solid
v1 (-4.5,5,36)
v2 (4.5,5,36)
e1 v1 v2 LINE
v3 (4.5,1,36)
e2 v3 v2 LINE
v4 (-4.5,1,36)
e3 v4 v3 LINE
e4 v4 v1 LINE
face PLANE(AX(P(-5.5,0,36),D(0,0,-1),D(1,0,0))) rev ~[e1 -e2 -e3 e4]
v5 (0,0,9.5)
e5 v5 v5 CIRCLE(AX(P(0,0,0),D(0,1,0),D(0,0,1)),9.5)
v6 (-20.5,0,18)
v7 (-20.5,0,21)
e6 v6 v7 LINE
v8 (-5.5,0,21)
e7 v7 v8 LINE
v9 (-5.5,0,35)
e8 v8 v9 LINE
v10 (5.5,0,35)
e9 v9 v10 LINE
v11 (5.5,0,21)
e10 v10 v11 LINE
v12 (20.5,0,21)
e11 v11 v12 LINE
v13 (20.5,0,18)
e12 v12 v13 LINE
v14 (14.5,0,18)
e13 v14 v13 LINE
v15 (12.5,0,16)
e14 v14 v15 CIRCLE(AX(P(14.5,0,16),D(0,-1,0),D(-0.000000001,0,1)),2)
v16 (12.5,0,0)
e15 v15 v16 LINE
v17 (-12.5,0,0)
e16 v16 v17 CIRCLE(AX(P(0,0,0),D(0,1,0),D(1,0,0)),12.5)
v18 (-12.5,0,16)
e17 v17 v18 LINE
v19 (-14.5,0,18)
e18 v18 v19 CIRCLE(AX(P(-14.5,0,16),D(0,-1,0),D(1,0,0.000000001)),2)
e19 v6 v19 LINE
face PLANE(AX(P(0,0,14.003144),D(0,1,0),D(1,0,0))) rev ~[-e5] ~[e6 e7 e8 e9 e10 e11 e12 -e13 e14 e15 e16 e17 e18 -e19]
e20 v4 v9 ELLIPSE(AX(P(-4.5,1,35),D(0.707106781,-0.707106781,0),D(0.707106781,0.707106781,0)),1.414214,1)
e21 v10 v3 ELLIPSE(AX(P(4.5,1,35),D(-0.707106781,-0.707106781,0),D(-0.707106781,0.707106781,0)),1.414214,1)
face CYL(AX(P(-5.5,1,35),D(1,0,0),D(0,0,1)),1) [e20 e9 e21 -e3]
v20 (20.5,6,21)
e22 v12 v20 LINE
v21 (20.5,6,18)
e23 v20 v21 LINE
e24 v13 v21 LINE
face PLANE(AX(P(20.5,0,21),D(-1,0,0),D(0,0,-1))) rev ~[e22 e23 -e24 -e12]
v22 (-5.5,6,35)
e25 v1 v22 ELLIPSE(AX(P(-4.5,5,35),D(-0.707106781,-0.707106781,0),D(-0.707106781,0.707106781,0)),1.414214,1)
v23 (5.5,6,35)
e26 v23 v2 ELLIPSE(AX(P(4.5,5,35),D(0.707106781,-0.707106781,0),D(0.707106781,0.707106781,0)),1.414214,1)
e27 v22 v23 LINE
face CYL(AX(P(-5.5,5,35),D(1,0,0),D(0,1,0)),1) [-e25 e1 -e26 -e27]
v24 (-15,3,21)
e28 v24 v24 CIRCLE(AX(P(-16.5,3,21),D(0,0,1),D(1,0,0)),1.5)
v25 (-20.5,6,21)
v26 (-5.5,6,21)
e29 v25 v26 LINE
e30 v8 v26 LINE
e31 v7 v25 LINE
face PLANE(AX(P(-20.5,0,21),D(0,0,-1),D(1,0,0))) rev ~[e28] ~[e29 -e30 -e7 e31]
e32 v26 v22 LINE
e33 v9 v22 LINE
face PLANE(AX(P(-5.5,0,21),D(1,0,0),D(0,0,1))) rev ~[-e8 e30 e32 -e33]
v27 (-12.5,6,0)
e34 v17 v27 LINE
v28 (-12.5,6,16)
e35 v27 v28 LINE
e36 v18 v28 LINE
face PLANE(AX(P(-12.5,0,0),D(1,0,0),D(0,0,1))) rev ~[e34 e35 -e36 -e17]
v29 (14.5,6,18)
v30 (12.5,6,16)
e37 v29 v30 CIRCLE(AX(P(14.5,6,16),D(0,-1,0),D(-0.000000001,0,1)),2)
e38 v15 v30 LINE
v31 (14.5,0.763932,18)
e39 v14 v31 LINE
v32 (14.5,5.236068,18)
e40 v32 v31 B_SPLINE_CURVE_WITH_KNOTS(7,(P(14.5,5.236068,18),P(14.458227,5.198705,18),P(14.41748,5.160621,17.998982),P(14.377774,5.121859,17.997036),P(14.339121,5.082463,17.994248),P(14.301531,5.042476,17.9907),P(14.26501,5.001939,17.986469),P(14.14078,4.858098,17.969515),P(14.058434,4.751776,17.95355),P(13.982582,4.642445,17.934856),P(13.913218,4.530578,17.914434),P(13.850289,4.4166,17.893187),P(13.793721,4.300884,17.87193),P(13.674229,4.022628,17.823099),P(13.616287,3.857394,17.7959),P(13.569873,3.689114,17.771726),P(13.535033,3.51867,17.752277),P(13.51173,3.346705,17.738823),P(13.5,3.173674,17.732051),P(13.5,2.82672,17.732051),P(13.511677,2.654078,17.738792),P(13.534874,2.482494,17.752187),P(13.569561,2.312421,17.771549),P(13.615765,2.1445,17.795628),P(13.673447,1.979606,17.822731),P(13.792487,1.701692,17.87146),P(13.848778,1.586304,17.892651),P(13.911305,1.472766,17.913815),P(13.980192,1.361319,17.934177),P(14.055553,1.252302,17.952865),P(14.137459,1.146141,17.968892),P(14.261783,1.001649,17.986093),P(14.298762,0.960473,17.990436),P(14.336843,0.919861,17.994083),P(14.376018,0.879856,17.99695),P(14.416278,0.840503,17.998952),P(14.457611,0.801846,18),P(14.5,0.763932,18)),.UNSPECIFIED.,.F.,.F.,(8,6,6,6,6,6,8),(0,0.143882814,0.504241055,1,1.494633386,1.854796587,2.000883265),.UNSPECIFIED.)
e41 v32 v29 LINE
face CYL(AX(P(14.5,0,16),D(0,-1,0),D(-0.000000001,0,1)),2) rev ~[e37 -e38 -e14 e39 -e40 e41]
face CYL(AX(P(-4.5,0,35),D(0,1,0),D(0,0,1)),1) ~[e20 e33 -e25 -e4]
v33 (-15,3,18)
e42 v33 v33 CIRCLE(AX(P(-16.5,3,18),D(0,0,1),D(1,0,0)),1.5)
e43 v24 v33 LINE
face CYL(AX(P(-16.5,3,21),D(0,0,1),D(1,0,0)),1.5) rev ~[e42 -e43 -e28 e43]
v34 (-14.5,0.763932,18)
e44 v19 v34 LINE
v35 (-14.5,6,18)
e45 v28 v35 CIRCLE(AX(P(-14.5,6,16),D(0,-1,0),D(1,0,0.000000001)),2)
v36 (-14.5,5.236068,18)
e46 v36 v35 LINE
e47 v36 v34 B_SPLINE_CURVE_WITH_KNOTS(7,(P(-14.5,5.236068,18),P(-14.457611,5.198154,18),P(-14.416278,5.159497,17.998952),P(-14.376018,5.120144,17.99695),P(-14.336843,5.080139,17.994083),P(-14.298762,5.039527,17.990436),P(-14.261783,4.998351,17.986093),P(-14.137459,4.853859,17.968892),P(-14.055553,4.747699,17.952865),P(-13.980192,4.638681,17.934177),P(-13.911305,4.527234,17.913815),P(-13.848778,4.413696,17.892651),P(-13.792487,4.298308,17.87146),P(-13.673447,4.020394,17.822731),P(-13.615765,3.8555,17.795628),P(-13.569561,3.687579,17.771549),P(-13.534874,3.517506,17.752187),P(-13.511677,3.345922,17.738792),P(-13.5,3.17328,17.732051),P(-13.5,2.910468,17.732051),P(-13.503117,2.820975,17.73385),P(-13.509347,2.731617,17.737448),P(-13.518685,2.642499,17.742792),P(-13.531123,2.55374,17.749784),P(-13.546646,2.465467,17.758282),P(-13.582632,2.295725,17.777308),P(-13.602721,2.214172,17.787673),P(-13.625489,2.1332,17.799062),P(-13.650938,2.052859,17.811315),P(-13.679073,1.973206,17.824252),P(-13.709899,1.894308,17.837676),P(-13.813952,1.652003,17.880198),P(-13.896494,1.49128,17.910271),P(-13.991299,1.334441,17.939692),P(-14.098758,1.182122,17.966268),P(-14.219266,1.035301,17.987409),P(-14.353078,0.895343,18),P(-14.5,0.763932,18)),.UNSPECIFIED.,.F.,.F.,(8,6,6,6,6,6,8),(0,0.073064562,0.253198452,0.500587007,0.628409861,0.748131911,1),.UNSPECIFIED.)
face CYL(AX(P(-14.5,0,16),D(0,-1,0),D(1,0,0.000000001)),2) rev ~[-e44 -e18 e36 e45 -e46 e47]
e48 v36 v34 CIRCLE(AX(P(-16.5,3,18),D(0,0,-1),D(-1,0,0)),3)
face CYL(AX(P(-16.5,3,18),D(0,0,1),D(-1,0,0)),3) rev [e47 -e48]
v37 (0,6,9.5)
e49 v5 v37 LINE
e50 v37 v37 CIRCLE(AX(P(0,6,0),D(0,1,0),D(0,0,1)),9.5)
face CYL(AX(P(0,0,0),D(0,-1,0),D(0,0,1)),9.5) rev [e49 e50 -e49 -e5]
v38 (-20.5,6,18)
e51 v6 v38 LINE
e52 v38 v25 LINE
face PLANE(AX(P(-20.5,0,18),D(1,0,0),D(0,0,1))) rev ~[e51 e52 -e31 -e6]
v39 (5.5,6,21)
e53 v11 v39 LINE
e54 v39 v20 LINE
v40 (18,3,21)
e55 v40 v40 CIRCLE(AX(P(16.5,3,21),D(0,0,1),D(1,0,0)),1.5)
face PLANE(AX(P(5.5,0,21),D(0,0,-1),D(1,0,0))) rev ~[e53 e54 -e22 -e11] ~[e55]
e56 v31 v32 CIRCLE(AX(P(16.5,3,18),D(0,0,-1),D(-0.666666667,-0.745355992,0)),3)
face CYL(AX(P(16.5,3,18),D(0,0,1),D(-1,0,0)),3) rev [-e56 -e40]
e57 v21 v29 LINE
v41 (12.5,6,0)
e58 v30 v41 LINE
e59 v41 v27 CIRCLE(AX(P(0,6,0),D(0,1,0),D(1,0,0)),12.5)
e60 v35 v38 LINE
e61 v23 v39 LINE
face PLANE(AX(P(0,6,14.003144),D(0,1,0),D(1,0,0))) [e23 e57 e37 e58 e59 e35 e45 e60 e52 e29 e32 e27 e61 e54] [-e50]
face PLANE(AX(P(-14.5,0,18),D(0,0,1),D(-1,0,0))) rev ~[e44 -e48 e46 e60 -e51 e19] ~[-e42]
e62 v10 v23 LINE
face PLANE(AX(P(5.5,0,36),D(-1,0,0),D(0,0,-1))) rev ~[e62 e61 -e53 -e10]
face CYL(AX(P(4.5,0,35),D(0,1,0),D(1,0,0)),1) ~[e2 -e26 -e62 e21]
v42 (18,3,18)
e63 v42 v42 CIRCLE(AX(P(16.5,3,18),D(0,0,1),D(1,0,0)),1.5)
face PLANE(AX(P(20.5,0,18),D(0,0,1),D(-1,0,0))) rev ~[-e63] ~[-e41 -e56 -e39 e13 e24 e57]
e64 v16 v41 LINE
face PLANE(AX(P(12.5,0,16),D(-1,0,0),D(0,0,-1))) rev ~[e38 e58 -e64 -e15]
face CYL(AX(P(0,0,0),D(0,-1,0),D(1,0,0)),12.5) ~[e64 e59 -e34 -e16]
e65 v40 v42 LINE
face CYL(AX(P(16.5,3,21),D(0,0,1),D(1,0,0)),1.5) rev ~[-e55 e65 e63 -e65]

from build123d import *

# Parameters (mm, degrees)
CROQUIS1_R              = 9.5
SALIENTE_EXTRUIR1_DEPTH = 6
CROQUIS2_R              = 1.5
CORTAR_EXTRUIR1_DEPTH   = 6
CROQUIS3_R              = 3
CORTAR_EXTRUIR2_DEPTH   = 6
REDONDEO1_R             = 1


with BuildPart() as part:
    # Croquis1 → Saliente-Extruir1 (new body)
    with BuildSketch(Plane(origin=(0, 0, 0), x_dir=(1, 0, 0), z_dir=(0, 1, 0))):
        with BuildLine():
            ThreePointArc((12.5, 0), (0, 12.5), (-12.5, 0))
            Line((-12.5, 0), (-12.5, -16))
            ThreePointArc((-12.5, -16), (-13.085786438, -17.414213562), (-14.5, -18))
            Line((-14.5, -18), (-20.5, -18))
            Line((-20.5, -18), (-20.5, -21))
            Line((-20.5, -21), (-5.5, -21))
            Line((-5.5, -21), (-5.5, -36))
            Line((-5.5, -36), (5.5, -36))
            Line((5.5, -36), (5.5, -21))
            Line((5.5, -21), (20.5, -21))
            Line((20.5, -21), (20.5, -18))
            Line((20.5, -18), (14.5, -18))
            ThreePointArc((14.5, -18), (13.085786438, -17.414213562), (12.5, -16))
            Line((12.5, -16), (12.5, 0))
        make_face()
        with Locations(Location((0, 0, 0), (0, 0, 270))):
            Circle(CROQUIS1_R, mode=Mode.SUBTRACT)
    extrude(amount=SALIENTE_EXTRUIR1_DEPTH)

    # Croquis2 → Cortar-Extruir1 (cut)
    with BuildSketch(Plane.XY.offset(21)):
        with Locations((-16.5, 3)):
            Circle(CROQUIS2_R)
        with Locations((16.5, 3)):
            Circle(CROQUIS2_R)
    extrude(amount=-CORTAR_EXTRUIR1_DEPTH, mode=Mode.SUBTRACT)

    # Croquis3 → Cortar-Extruir2 (cut)
    with BuildSketch(Plane(origin=(0, 0, 18), x_dir=(-1, 0, 0), z_dir=(0, 0, -1))):
        with Locations((-16.5, 3)):
            Circle(CROQUIS3_R)
        with Locations((16.5, 3)):
            Circle(CROQUIS3_R)
    extrude(amount=CORTAR_EXTRUIR2_DEPTH, mode=Mode.SUBTRACT)

    # Redondeo1
    redondeo1_edges = [part.edges().sort_by_distance(p)[0] for p in [
        (5.5, 3, 36),
        (-5.5, 3, 36),
        (0, 6, 36),
        (0, 0, 36),
    ]]
    fillet(redondeo1_edges, radius=REDONDEO1_R)


solid = part.part
